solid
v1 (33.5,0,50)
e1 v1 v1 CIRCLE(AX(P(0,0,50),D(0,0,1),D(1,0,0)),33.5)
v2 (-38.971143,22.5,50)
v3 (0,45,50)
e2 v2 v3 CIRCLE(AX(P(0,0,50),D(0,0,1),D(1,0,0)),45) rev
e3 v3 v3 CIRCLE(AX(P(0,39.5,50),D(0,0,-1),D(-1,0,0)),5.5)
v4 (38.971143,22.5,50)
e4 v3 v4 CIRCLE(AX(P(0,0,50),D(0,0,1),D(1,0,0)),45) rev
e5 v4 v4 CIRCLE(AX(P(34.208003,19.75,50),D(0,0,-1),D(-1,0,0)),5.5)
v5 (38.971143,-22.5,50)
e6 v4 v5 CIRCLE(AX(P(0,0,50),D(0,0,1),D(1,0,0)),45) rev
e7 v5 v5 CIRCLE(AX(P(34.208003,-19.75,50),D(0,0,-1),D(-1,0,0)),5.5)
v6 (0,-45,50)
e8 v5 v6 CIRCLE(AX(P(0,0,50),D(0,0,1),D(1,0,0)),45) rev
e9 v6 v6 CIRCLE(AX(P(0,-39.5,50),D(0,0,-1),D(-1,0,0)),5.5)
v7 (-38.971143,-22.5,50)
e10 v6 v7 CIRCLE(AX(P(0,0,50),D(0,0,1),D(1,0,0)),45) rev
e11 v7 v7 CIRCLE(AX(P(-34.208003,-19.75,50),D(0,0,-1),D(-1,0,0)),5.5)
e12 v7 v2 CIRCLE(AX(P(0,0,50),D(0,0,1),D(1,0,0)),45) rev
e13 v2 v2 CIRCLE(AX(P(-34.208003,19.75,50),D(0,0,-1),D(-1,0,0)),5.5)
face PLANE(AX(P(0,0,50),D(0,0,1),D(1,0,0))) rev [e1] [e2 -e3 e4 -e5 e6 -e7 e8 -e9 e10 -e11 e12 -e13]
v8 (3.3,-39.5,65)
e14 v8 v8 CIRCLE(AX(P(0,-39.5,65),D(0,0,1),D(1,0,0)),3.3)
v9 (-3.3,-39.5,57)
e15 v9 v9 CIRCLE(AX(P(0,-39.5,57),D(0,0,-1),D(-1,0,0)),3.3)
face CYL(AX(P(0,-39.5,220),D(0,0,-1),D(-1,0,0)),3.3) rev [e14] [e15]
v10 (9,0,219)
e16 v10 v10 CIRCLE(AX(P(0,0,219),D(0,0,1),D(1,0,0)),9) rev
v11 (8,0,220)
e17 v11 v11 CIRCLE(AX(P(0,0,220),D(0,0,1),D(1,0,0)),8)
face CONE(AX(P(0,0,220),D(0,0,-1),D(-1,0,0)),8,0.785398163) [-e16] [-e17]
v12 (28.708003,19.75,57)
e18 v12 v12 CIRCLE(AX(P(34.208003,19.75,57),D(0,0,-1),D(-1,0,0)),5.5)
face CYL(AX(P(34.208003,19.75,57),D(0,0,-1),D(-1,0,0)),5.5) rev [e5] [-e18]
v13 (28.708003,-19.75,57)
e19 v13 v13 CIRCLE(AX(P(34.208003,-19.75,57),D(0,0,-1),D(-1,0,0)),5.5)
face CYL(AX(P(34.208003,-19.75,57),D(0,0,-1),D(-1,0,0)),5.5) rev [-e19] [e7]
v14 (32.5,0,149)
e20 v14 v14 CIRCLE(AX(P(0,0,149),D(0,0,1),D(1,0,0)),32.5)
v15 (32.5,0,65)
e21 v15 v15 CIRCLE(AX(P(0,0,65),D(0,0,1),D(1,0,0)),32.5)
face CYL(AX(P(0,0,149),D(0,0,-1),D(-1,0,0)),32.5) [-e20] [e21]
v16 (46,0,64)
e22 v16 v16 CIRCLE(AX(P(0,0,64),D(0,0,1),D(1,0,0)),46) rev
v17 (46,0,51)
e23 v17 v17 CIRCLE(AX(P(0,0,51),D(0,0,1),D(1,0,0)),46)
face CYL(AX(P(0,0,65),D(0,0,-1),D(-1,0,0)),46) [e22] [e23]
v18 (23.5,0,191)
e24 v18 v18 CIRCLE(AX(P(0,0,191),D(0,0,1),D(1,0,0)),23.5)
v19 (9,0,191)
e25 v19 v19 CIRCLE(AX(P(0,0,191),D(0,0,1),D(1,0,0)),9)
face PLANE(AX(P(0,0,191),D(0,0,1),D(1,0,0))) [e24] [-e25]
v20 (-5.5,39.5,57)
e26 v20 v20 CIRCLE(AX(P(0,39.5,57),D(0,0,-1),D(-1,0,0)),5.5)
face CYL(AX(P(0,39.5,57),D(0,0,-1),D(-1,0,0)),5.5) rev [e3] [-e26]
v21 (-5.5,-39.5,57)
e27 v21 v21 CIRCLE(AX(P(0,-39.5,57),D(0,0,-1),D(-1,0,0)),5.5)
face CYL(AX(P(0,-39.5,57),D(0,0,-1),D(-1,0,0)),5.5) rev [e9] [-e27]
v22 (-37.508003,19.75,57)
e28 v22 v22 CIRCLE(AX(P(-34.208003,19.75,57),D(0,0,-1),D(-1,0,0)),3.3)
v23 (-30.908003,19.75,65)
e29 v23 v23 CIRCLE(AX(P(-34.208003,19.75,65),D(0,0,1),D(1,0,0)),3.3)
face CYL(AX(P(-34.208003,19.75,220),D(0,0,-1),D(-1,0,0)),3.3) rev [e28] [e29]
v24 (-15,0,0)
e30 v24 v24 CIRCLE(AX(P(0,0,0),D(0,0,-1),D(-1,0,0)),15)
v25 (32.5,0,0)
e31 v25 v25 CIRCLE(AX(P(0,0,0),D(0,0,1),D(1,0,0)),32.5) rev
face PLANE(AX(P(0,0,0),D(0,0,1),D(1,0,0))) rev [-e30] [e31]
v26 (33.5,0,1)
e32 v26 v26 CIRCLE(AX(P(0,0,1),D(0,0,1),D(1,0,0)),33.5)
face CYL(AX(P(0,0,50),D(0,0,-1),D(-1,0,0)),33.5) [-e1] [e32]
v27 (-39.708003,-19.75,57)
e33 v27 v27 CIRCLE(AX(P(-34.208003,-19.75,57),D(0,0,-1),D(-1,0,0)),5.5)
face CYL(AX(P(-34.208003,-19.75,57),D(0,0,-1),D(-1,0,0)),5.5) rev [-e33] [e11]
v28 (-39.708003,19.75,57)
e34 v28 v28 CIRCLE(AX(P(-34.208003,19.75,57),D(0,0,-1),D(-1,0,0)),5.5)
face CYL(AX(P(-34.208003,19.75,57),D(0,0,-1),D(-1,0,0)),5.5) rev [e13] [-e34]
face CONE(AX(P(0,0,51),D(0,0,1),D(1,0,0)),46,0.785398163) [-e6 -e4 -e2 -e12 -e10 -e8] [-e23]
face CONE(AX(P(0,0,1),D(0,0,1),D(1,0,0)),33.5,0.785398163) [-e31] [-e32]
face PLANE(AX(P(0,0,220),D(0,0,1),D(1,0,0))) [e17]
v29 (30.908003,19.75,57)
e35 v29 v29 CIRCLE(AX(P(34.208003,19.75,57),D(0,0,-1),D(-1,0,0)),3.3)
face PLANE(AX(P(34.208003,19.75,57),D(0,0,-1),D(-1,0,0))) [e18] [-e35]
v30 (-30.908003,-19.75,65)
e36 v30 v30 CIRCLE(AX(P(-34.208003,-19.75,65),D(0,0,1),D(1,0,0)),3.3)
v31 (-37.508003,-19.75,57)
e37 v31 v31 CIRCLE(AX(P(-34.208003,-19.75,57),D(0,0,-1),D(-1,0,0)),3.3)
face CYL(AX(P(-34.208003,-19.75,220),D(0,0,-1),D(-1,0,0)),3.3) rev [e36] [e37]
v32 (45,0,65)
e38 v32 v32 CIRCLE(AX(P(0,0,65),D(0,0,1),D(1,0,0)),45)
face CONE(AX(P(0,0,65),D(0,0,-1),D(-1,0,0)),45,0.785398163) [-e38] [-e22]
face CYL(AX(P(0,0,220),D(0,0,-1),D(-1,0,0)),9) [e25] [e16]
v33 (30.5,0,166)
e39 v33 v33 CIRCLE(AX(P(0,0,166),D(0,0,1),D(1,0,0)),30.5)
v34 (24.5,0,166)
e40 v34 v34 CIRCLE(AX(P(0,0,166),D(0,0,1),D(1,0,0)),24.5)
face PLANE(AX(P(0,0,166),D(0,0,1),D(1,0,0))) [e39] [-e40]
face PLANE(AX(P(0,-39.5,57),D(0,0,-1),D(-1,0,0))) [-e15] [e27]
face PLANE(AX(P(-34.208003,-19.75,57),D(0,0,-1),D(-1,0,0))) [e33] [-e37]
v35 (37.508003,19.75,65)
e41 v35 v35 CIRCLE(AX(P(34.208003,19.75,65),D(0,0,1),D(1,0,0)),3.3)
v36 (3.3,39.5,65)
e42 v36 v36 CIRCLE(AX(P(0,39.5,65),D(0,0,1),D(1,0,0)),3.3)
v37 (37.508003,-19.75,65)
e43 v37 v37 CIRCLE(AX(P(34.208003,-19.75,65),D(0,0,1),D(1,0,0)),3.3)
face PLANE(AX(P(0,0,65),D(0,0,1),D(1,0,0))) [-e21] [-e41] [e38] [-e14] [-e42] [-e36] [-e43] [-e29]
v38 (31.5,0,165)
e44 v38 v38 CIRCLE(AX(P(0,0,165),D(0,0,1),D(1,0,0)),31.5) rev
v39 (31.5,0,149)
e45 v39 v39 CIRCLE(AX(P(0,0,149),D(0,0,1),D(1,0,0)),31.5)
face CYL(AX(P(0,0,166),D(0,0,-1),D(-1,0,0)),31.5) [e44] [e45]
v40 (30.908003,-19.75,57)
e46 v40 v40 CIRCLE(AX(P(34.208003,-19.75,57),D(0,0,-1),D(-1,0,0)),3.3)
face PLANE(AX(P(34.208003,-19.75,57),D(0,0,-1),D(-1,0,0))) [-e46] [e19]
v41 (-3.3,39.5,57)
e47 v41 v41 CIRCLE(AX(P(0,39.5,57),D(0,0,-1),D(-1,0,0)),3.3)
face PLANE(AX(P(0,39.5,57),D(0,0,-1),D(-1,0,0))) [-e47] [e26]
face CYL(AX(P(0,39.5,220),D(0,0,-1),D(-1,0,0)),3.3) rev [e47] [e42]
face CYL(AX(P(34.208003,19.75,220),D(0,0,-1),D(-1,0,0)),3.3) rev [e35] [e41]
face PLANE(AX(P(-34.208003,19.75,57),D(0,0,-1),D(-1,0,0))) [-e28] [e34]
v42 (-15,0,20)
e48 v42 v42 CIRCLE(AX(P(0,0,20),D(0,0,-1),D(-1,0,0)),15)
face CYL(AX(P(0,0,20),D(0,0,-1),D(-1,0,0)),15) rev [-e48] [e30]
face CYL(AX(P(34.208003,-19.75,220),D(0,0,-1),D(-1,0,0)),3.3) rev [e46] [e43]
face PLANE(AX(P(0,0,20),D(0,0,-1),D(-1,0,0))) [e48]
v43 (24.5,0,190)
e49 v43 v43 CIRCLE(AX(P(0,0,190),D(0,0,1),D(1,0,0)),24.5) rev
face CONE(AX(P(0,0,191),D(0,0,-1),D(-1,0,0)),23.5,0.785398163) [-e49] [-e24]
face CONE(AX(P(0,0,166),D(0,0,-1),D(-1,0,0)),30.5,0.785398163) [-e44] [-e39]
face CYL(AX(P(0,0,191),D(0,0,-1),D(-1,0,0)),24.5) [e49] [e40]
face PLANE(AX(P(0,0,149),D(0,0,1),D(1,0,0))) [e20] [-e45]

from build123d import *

# Parameters (mm, degrees)
SKETCH_1_R          = 33.5
EXTRUDE_1_DEPTH     = 50
SKETCH_2_R          = 46
EXTRUDE_2_DEPTH     = 15
SKETCH_3_R          = 32.5
EXTRUDE_3_DEPTH     = 84
SKETCH_4_R          = 31.5
EXTRUDE_4_DEPTH     = 17
SKETCH_5_R          = 24.5
EXTRUDE_5_DEPTH     = 25
SKETCH_6_R          = 9
EXTRUDE_6_DEPTH     = 29
SKETCH_7_R          = 15
CUT_EXTRUDE_1_DEPTH = 20
CHAMFER_1_SIZE      = 1
SKETCH_8_R          = 5.5
CUT_EXTRUDE_2_DEPTH = 7
SKETCH_9_R          = 3.3
CUT_EXTRUDE_3_DEPTH = 164


with BuildPart() as part:
    # 草图1 → 凸台-拉伸1 (new body)
    with BuildSketch(Plane.XY):
        Circle(SKETCH_1_R)
    extrude(amount=EXTRUDE_1_DEPTH)

    # 草图2 → 凸台-拉伸2 (add)
    with BuildSketch(Plane.XY.offset(50)):
        Circle(SKETCH_2_R)
    extrude(amount=EXTRUDE_2_DEPTH)

    # 草图3 → 凸台-拉伸3 (add)
    with BuildSketch(Plane.XY.offset(65)):
        Circle(SKETCH_3_R)
    extrude(amount=EXTRUDE_3_DEPTH)

    # 草图4 → 凸台-拉伸4 (add)
    with BuildSketch(Plane.XY.offset(149)):
        Circle(SKETCH_4_R)
    extrude(amount=EXTRUDE_4_DEPTH)

    # 草图5 → 凸台-拉伸5 (add)
    with BuildSketch(Plane.XY.offset(166)):
        Circle(SKETCH_5_R)
    extrude(amount=EXTRUDE_5_DEPTH)

    # 草图6 → 凸台-拉伸6 (add)
    with BuildSketch(Plane.XY.offset(191)):
        Circle(SKETCH_6_R)
    extrude(amount=EXTRUDE_6_DEPTH)

    # 草图7 → 切除-拉伸1 (cut)
    with BuildSketch(Plane(origin=(0, 0, 0), x_dir=(-1, 0, 0), z_dir=(0, 0, -1))):
        Circle(SKETCH_7_R)
    extrude(amount=-CUT_EXTRUDE_1_DEPTH, mode=Mode.SUBTRACT)

    # 倒角1
    chamfer_1_edges = [part.edges().sort_by_distance(p)[0] for p in [
        (-31.5, 0, 166),
        (-24.5, 0, 191),
        (-33.5, 0, 0),
        (-9, 0, 220),
        (-46, 0, 50),
        (-46, 0, 65),
    ]]
    chamfer(chamfer_1_edges, length=CHAMFER_1_SIZE)

    # 草图8 → 切除-拉伸2 (cut)
    with BuildSketch(Plane(origin=(0, 0, 50), x_dir=(-1, 0, 0), z_dir=(0, 0, -1))):
        with Locations((0, 39.5)):
            Circle(SKETCH_8_R)
        with Locations((34.208003449, 19.75)):
            Circle(SKETCH_8_R)
        with Locations((34.208003449, -19.75)):
            Circle(SKETCH_8_R)
        with Locations((0, -39.5)):
            Circle(SKETCH_8_R)
        with Locations((-34.208003449, -19.75)):
            Circle(SKETCH_8_R)
        with Locations((-34.208003449, 19.75)):
            Circle(SKETCH_8_R)
    extrude(amount=-CUT_EXTRUDE_2_DEPTH, mode=Mode.SUBTRACT)

    # 草图9 → 切除-拉伸3 (cut, through all)
    with BuildSketch(Plane(origin=(0, 0, 57), x_dir=(-1, 0, 0), z_dir=(0, 0, -1))):
        with Locations((0, 39.5)):
            Circle(SKETCH_9_R)
        with Locations((34.208003449, 19.75)):
            Circle(SKETCH_9_R)
        with Locations((34.208003449, -19.75)):
            Circle(SKETCH_9_R)
        with Locations((0, -39.5)):
            Circle(SKETCH_9_R)
        with Locations((-34.208003449, -19.75)):
            Circle(SKETCH_9_R)
        with Locations((-34.208003449, 19.75)):
            Circle(SKETCH_9_R)
    extrude(amount=-CUT_EXTRUDE_3_DEPTH, mode=Mode.SUBTRACT)


solid = part.part
